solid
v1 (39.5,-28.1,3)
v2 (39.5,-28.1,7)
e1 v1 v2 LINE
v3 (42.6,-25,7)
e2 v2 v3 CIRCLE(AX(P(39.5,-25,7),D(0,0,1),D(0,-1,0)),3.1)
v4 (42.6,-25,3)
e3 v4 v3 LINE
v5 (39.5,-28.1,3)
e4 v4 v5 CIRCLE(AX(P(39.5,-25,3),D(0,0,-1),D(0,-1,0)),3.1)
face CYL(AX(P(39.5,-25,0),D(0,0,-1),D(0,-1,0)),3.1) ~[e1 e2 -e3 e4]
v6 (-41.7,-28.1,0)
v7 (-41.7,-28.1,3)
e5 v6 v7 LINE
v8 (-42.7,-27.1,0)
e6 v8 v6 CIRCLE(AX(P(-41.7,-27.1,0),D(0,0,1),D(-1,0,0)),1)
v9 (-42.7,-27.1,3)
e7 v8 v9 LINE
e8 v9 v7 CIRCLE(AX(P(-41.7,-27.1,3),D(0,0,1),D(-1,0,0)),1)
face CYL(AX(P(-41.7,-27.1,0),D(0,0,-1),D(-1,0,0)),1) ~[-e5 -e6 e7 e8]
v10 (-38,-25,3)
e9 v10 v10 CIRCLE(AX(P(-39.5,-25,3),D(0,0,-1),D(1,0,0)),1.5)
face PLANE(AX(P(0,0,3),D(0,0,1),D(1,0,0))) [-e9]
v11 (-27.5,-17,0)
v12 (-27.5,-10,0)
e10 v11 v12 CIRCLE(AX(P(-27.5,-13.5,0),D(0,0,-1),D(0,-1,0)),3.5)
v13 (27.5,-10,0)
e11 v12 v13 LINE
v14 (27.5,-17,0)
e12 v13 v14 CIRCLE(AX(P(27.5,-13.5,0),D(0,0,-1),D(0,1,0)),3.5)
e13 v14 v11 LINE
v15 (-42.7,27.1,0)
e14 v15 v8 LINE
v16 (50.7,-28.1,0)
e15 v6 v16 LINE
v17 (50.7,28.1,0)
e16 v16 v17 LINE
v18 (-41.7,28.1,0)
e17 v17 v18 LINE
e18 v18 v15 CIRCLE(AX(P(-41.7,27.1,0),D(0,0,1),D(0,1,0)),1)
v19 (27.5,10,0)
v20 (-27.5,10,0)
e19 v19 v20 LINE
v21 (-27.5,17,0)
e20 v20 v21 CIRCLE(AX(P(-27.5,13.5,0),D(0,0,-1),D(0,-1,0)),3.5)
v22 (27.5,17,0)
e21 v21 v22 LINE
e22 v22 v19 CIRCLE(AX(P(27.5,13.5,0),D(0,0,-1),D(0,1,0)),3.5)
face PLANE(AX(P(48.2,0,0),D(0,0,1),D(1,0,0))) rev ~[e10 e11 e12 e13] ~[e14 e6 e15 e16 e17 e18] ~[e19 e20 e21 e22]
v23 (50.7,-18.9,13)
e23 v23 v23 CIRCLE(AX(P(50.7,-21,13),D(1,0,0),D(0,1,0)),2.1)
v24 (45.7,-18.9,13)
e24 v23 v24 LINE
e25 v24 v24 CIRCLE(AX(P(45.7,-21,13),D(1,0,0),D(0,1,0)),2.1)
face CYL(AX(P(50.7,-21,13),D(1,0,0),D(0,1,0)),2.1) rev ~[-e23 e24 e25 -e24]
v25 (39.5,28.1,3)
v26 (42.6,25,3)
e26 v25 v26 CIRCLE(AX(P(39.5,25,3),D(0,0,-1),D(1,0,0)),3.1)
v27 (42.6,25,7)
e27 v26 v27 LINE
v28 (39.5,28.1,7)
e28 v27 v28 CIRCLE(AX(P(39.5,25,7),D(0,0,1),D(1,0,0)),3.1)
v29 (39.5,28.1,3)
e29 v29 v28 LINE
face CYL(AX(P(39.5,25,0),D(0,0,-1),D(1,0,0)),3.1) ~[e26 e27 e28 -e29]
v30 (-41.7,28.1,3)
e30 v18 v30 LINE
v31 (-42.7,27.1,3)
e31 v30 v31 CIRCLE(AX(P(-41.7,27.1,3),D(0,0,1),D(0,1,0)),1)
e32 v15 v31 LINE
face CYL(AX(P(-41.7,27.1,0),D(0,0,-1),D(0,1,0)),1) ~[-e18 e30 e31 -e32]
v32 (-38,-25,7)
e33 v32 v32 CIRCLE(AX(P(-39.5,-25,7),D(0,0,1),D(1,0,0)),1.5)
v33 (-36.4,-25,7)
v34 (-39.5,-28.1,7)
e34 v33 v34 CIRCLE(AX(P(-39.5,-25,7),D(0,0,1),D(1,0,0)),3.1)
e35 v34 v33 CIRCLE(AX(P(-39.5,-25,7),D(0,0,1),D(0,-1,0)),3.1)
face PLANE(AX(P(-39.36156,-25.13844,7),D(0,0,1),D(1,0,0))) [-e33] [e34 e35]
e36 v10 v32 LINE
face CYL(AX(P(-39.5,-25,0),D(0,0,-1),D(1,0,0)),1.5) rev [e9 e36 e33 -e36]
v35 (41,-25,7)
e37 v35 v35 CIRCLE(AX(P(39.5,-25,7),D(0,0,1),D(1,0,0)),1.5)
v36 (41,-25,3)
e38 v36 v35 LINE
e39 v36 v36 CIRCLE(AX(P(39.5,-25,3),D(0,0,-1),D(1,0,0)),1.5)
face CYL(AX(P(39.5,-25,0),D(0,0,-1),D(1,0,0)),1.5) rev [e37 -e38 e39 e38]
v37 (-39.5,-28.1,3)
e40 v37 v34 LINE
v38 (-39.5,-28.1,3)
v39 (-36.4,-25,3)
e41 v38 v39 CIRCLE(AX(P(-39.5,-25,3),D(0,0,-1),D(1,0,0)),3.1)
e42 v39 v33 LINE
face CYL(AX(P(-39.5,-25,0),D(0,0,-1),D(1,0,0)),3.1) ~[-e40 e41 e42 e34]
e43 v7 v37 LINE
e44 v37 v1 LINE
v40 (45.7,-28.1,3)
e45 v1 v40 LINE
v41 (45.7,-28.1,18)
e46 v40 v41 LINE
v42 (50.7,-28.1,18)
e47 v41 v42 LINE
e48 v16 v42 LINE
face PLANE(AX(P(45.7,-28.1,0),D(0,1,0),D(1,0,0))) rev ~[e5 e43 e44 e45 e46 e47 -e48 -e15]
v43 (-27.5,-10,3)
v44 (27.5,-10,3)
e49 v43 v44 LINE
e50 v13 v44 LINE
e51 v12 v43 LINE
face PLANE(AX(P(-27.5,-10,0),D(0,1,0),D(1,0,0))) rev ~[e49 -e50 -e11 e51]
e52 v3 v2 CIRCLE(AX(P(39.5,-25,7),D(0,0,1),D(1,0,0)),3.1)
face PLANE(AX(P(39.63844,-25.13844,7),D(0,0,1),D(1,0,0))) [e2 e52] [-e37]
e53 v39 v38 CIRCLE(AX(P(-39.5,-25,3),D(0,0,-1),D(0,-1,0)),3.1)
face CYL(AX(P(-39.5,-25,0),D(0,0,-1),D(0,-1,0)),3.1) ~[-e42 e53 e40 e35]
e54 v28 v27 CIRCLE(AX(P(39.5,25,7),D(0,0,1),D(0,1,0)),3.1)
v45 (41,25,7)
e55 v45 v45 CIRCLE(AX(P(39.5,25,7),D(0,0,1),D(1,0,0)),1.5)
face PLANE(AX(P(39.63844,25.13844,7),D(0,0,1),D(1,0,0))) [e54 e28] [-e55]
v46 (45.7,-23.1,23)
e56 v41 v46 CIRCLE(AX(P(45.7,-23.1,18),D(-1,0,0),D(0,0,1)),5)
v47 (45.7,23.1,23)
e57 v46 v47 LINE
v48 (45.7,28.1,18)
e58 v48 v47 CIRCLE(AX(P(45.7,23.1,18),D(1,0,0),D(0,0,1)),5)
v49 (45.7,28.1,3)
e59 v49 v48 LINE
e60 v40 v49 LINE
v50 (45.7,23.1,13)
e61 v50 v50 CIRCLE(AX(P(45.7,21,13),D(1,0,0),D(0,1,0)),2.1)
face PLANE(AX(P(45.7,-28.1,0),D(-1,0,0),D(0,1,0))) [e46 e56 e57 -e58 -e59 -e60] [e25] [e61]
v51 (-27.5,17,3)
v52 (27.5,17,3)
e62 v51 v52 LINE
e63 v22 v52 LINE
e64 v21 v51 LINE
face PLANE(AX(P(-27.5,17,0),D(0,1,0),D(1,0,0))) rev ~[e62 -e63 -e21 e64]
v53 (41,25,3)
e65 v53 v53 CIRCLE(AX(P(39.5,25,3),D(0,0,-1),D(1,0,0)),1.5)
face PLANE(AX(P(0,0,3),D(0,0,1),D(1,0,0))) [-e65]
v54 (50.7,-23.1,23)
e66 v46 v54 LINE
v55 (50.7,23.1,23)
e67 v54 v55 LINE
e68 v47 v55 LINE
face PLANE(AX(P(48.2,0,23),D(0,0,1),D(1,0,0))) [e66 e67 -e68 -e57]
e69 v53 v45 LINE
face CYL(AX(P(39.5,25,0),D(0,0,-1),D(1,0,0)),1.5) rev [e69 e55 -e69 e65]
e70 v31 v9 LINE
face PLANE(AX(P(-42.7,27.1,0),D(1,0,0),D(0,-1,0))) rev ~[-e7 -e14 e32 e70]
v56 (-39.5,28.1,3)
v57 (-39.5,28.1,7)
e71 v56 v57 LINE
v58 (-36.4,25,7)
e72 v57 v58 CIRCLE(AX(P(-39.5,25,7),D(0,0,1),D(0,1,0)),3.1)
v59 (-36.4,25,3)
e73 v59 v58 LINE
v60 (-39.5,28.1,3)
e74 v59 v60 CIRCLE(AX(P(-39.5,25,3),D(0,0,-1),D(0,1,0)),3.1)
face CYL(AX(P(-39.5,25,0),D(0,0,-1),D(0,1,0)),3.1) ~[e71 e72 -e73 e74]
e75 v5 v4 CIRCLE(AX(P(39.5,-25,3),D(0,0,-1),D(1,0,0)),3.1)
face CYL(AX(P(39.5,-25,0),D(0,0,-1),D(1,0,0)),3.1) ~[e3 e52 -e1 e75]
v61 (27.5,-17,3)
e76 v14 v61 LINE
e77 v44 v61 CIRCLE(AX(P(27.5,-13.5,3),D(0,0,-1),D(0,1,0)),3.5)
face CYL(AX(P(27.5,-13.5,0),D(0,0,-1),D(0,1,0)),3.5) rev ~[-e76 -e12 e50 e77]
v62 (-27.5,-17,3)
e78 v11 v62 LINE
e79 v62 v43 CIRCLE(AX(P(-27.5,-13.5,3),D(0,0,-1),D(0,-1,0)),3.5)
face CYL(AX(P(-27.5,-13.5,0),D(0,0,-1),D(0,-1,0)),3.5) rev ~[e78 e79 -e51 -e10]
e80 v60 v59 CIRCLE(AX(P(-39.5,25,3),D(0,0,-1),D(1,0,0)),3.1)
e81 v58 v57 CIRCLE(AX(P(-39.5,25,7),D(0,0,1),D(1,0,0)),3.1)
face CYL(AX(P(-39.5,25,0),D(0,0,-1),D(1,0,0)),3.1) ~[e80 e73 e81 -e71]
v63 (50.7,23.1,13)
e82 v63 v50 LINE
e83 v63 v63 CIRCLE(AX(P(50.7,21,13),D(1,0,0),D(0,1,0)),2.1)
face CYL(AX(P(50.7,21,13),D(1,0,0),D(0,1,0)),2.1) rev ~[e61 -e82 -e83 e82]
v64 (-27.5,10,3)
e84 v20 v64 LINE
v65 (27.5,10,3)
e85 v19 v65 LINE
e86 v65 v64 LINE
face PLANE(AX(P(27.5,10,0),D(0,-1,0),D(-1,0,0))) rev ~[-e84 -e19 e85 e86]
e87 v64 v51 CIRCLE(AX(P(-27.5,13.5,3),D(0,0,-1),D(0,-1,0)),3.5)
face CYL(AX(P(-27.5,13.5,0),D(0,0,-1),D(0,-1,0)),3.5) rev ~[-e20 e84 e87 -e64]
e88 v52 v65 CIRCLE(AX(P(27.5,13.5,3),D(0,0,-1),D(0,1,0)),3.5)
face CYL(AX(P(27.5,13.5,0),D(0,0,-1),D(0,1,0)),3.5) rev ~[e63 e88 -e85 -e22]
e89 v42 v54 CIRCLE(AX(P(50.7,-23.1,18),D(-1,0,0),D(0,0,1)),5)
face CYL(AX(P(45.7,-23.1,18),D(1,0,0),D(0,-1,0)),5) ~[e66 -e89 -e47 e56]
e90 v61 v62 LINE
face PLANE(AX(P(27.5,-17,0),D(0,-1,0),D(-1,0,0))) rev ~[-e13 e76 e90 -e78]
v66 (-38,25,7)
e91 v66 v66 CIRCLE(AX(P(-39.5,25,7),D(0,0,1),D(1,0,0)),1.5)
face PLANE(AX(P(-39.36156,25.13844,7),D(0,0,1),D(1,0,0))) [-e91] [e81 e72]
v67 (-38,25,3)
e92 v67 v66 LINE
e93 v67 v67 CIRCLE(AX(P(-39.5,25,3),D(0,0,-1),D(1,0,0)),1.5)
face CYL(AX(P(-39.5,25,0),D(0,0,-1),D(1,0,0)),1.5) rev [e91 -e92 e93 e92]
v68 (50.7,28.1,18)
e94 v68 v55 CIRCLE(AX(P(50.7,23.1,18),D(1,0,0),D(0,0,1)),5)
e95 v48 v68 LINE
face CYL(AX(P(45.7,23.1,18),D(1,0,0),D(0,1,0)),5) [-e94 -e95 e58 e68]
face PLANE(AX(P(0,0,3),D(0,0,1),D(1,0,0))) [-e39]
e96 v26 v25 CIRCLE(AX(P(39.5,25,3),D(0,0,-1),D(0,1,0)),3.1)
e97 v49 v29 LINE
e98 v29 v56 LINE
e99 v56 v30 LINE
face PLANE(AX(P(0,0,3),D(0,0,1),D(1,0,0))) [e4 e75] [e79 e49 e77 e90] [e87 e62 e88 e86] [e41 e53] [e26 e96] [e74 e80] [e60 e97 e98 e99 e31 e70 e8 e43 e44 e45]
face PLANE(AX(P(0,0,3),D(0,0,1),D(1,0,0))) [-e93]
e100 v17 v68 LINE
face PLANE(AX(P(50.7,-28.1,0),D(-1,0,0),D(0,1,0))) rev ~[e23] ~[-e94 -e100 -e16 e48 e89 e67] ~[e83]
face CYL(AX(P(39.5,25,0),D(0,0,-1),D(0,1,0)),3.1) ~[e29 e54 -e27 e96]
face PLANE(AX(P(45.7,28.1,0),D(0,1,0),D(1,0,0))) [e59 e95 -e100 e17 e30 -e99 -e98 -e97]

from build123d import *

# Parameters (mm, degrees)
F0_R     = 1.5
F1_DEPTH = 3
F2_DEPTH = 7
F0_W     = 5
F0_H     = 56.2
F3_DEPTH = 23
F4_R     = 2.1
F5_DEPTH = 5
F6_R     = 5


with BuildPart() as f1:
    # F0 (on Top) → F1 (new body)
    with BuildSketch(Plane.XY):
        with BuildLine():
            Line((-39.5, 28.1), (-41.7, 28.1))
            ThreePointArc((-41.7, 28.1), (-42.4071067812, 27.8071067812), (-42.7, 27.1))
            Line((-42.7, 27.1), (-42.7, -27.1))
            ThreePointArc((-42.7, -27.1), (-42.4071067812, -27.8071067812), (-41.7, -28.1))
            Line((-41.7, -28.1), (-39.5, -28.1))
            Line((-39.5, -28.1), (39.5, -28.1))
            Line((39.5, -28.1), (41.7, -28.1))
            ThreePointArc((41.7, -28.1), (42.4071067812, -27.8071067812), (42.7, -27.1))
            Line((42.7, -27.1), (42.7, 27.1))
            ThreePointArc((42.7, 27.1), (42.4071067812, 27.8071067812), (41.7, 28.1))
            Line((41.7, 28.1), (39.5, 28.1))
            Line((39.5, 28.1), (-39.5, 28.1))
        make_face()
        with BuildLine():
            ThreePointArc((-36.4, -25), (-37.3079689783, -27.1920310217), (-39.5, -28.1))
            ThreePointArc((-39.5, -28.1), (-41.6920310217, -22.8079689783), (-36.4, -25))
        make_face(mode=Mode.SUBTRACT)
        with BuildLine():
            Line((27.5, -17), (-27.5, -17))
            ThreePointArc((-27.5, -17), (-31, -13.5), (-27.5, -10))
            Line((-27.5, -10), (27.5, -10))
            ThreePointArc((27.5, -10), (31, -13.5), (27.5, -17))
        make_face(mode=Mode.SUBTRACT)
        with BuildLine():
            ThreePointArc((42.6, -25), (41.6920310217, -27.1920310217), (39.5, -28.1))
            ThreePointArc((39.5, -28.1), (37.3079689783, -22.8079689783), (42.6, -25))
        make_face(mode=Mode.SUBTRACT)
        with BuildLine():
            ThreePointArc((-27.5, 10), (-31, 13.5), (-27.5, 17))
            Line((-27.5, 17), (27.5, 17))
            ThreePointArc((27.5, 17), (31, 13.5), (27.5, 10))
            Line((27.5, 10), (-27.5, 10))
        make_face(mode=Mode.SUBTRACT)
        with BuildLine():
            ThreePointArc((-36.4, 25), (-41.6920310217, 22.8079689783), (-39.5, 28.1))
            ThreePointArc((-39.5, 28.1), (-37.3079689783, 27.1920310217), (-36.4, 25))
        make_face(mode=Mode.SUBTRACT)
        with BuildLine():
            ThreePointArc((42.6, 25), (37.3079689783, 22.8079689783), (39.5, 28.1))
            ThreePointArc((39.5, 28.1), (41.6920310217, 27.1920310217), (42.6, 25))
        make_face(mode=Mode.SUBTRACT)
        with BuildLine():
            Line((45.7, 28.1), (41.7, 28.1))
            ThreePointArc((41.7, 28.1), (42.4071067812, 27.8071067812), (42.7, 27.1))
            Line((42.7, 27.1), (42.7, -27.1))
            ThreePointArc((42.7, -27.1), (42.4071067812, -27.8071067812), (41.7, -28.1))
            Line((41.7, -28.1), (45.7, -28.1))
            Line((45.7, -28.1), (45.7, 28.1))
        make_face()
        with BuildLine():
            ThreePointArc((-36.4, 25), (-37.3079689783, 27.1920310217), (-39.5, 28.1))
            ThreePointArc((-39.5, 28.1), (-41.6920310217, 22.8079689783), (-36.4, 25))
        make_face()
        with Locations((-39.5, 25)):
            Circle(F0_R, mode=Mode.SUBTRACT)
        with BuildLine():
            ThreePointArc((-36.4, -25), (-41.6920310217, -22.8079689783), (-39.5, -28.1))
            ThreePointArc((-39.5, -28.1), (-37.3079689783, -27.1920310217), (-36.4, -25))
        make_face()
        with Locations((-39.5, -25)):
            Circle(F0_R, mode=Mode.SUBTRACT)
        with BuildLine():
            ThreePointArc((42.6, -25), (37.3079689783, -22.8079689783), (39.5, -28.1))
            ThreePointArc((39.5, -28.1), (41.6920310217, -27.1920310217), (42.6, -25))
        make_face()
        with Locations((39.5, -25)):
            Circle(F0_R, mode=Mode.SUBTRACT)
        with BuildLine():
            ThreePointArc((42.6, 25), (41.6920310217, 27.1920310217), (39.5, 28.1))
            ThreePointArc((39.5, 28.1), (37.3079689783, 22.8079689783), (42.6, 25))
        make_face()
        with Locations((39.5, 25)):
            Circle(F0_R, mode=Mode.SUBTRACT)
        with Locations((-39.5, 25)):
            Circle(F0_R)
        with Locations((-39.5, -25)):
            Circle(F0_R)
        with Locations((39.5, -25)):
            Circle(F0_R)
        with Locations((39.5, 25)):
            Circle(F0_R)
    extrude(amount=F1_DEPTH)

    # F0 (on Top) → F2 (join)
    with BuildSketch(Plane.XY):
        with BuildLine():
            ThreePointArc((-36.4, 25), (-37.3079689783, 27.1920310217), (-39.5, 28.1))
            ThreePointArc((-39.5, 28.1), (-41.6920310217, 22.8079689783), (-36.4, 25))
        make_face()
        with Locations((-39.5, 25)):
            Circle(F0_R, mode=Mode.SUBTRACT)
        with BuildLine():
            ThreePointArc((-36.4, -25), (-41.6920310217, -22.8079689783), (-39.5, -28.1))
            ThreePointArc((-39.5, -28.1), (-37.3079689783, -27.1920310217), (-36.4, -25))
        make_face()
        with Locations((-39.5, -25)):
            Circle(F0_R, mode=Mode.SUBTRACT)
        with BuildLine():
            ThreePointArc((42.6, -25), (37.3079689783, -22.8079689783), (39.5, -28.1))
            ThreePointArc((39.5, -28.1), (41.6920310217, -27.1920310217), (42.6, -25))
        make_face()
        with Locations((39.5, -25)):
            Circle(F0_R, mode=Mode.SUBTRACT)
        with BuildLine():
            ThreePointArc((42.6, 25), (41.6920310217, 27.1920310217), (39.5, 28.1))
            ThreePointArc((39.5, 28.1), (37.3079689783, 22.8079689783), (42.6, 25))
        make_face()
        with Locations((39.5, 25)):
            Circle(F0_R, mode=Mode.SUBTRACT)
    extrude(amount=F2_DEPTH)

    # F0 (on Top) → F3 (join)
    with BuildSketch(Plane.XY):
        with Locations((48.2, 0)):
            Rectangle(F0_W, F0_H)
    extrude(amount=F3_DEPTH)

    # F4 (on face) → F5 (cut, through all)
    with BuildSketch(Plane.YZ.offset(50.7)):
        with Locations((-21, 13)):
            Circle(F4_R)
        with Locations((21, 13)):
            Circle(F4_R)
    extrude(amount=-F5_DEPTH, mode=Mode.SUBTRACT)

    # F6
    f6_edges = [f1.edges().sort_by_distance(p)[0] for p in [
        (48.2, 28.1, 23),
        (48.2, -28.1, 23),
    ]]
    fillet(f6_edges, radius=F6_R)


solid = f1.part
